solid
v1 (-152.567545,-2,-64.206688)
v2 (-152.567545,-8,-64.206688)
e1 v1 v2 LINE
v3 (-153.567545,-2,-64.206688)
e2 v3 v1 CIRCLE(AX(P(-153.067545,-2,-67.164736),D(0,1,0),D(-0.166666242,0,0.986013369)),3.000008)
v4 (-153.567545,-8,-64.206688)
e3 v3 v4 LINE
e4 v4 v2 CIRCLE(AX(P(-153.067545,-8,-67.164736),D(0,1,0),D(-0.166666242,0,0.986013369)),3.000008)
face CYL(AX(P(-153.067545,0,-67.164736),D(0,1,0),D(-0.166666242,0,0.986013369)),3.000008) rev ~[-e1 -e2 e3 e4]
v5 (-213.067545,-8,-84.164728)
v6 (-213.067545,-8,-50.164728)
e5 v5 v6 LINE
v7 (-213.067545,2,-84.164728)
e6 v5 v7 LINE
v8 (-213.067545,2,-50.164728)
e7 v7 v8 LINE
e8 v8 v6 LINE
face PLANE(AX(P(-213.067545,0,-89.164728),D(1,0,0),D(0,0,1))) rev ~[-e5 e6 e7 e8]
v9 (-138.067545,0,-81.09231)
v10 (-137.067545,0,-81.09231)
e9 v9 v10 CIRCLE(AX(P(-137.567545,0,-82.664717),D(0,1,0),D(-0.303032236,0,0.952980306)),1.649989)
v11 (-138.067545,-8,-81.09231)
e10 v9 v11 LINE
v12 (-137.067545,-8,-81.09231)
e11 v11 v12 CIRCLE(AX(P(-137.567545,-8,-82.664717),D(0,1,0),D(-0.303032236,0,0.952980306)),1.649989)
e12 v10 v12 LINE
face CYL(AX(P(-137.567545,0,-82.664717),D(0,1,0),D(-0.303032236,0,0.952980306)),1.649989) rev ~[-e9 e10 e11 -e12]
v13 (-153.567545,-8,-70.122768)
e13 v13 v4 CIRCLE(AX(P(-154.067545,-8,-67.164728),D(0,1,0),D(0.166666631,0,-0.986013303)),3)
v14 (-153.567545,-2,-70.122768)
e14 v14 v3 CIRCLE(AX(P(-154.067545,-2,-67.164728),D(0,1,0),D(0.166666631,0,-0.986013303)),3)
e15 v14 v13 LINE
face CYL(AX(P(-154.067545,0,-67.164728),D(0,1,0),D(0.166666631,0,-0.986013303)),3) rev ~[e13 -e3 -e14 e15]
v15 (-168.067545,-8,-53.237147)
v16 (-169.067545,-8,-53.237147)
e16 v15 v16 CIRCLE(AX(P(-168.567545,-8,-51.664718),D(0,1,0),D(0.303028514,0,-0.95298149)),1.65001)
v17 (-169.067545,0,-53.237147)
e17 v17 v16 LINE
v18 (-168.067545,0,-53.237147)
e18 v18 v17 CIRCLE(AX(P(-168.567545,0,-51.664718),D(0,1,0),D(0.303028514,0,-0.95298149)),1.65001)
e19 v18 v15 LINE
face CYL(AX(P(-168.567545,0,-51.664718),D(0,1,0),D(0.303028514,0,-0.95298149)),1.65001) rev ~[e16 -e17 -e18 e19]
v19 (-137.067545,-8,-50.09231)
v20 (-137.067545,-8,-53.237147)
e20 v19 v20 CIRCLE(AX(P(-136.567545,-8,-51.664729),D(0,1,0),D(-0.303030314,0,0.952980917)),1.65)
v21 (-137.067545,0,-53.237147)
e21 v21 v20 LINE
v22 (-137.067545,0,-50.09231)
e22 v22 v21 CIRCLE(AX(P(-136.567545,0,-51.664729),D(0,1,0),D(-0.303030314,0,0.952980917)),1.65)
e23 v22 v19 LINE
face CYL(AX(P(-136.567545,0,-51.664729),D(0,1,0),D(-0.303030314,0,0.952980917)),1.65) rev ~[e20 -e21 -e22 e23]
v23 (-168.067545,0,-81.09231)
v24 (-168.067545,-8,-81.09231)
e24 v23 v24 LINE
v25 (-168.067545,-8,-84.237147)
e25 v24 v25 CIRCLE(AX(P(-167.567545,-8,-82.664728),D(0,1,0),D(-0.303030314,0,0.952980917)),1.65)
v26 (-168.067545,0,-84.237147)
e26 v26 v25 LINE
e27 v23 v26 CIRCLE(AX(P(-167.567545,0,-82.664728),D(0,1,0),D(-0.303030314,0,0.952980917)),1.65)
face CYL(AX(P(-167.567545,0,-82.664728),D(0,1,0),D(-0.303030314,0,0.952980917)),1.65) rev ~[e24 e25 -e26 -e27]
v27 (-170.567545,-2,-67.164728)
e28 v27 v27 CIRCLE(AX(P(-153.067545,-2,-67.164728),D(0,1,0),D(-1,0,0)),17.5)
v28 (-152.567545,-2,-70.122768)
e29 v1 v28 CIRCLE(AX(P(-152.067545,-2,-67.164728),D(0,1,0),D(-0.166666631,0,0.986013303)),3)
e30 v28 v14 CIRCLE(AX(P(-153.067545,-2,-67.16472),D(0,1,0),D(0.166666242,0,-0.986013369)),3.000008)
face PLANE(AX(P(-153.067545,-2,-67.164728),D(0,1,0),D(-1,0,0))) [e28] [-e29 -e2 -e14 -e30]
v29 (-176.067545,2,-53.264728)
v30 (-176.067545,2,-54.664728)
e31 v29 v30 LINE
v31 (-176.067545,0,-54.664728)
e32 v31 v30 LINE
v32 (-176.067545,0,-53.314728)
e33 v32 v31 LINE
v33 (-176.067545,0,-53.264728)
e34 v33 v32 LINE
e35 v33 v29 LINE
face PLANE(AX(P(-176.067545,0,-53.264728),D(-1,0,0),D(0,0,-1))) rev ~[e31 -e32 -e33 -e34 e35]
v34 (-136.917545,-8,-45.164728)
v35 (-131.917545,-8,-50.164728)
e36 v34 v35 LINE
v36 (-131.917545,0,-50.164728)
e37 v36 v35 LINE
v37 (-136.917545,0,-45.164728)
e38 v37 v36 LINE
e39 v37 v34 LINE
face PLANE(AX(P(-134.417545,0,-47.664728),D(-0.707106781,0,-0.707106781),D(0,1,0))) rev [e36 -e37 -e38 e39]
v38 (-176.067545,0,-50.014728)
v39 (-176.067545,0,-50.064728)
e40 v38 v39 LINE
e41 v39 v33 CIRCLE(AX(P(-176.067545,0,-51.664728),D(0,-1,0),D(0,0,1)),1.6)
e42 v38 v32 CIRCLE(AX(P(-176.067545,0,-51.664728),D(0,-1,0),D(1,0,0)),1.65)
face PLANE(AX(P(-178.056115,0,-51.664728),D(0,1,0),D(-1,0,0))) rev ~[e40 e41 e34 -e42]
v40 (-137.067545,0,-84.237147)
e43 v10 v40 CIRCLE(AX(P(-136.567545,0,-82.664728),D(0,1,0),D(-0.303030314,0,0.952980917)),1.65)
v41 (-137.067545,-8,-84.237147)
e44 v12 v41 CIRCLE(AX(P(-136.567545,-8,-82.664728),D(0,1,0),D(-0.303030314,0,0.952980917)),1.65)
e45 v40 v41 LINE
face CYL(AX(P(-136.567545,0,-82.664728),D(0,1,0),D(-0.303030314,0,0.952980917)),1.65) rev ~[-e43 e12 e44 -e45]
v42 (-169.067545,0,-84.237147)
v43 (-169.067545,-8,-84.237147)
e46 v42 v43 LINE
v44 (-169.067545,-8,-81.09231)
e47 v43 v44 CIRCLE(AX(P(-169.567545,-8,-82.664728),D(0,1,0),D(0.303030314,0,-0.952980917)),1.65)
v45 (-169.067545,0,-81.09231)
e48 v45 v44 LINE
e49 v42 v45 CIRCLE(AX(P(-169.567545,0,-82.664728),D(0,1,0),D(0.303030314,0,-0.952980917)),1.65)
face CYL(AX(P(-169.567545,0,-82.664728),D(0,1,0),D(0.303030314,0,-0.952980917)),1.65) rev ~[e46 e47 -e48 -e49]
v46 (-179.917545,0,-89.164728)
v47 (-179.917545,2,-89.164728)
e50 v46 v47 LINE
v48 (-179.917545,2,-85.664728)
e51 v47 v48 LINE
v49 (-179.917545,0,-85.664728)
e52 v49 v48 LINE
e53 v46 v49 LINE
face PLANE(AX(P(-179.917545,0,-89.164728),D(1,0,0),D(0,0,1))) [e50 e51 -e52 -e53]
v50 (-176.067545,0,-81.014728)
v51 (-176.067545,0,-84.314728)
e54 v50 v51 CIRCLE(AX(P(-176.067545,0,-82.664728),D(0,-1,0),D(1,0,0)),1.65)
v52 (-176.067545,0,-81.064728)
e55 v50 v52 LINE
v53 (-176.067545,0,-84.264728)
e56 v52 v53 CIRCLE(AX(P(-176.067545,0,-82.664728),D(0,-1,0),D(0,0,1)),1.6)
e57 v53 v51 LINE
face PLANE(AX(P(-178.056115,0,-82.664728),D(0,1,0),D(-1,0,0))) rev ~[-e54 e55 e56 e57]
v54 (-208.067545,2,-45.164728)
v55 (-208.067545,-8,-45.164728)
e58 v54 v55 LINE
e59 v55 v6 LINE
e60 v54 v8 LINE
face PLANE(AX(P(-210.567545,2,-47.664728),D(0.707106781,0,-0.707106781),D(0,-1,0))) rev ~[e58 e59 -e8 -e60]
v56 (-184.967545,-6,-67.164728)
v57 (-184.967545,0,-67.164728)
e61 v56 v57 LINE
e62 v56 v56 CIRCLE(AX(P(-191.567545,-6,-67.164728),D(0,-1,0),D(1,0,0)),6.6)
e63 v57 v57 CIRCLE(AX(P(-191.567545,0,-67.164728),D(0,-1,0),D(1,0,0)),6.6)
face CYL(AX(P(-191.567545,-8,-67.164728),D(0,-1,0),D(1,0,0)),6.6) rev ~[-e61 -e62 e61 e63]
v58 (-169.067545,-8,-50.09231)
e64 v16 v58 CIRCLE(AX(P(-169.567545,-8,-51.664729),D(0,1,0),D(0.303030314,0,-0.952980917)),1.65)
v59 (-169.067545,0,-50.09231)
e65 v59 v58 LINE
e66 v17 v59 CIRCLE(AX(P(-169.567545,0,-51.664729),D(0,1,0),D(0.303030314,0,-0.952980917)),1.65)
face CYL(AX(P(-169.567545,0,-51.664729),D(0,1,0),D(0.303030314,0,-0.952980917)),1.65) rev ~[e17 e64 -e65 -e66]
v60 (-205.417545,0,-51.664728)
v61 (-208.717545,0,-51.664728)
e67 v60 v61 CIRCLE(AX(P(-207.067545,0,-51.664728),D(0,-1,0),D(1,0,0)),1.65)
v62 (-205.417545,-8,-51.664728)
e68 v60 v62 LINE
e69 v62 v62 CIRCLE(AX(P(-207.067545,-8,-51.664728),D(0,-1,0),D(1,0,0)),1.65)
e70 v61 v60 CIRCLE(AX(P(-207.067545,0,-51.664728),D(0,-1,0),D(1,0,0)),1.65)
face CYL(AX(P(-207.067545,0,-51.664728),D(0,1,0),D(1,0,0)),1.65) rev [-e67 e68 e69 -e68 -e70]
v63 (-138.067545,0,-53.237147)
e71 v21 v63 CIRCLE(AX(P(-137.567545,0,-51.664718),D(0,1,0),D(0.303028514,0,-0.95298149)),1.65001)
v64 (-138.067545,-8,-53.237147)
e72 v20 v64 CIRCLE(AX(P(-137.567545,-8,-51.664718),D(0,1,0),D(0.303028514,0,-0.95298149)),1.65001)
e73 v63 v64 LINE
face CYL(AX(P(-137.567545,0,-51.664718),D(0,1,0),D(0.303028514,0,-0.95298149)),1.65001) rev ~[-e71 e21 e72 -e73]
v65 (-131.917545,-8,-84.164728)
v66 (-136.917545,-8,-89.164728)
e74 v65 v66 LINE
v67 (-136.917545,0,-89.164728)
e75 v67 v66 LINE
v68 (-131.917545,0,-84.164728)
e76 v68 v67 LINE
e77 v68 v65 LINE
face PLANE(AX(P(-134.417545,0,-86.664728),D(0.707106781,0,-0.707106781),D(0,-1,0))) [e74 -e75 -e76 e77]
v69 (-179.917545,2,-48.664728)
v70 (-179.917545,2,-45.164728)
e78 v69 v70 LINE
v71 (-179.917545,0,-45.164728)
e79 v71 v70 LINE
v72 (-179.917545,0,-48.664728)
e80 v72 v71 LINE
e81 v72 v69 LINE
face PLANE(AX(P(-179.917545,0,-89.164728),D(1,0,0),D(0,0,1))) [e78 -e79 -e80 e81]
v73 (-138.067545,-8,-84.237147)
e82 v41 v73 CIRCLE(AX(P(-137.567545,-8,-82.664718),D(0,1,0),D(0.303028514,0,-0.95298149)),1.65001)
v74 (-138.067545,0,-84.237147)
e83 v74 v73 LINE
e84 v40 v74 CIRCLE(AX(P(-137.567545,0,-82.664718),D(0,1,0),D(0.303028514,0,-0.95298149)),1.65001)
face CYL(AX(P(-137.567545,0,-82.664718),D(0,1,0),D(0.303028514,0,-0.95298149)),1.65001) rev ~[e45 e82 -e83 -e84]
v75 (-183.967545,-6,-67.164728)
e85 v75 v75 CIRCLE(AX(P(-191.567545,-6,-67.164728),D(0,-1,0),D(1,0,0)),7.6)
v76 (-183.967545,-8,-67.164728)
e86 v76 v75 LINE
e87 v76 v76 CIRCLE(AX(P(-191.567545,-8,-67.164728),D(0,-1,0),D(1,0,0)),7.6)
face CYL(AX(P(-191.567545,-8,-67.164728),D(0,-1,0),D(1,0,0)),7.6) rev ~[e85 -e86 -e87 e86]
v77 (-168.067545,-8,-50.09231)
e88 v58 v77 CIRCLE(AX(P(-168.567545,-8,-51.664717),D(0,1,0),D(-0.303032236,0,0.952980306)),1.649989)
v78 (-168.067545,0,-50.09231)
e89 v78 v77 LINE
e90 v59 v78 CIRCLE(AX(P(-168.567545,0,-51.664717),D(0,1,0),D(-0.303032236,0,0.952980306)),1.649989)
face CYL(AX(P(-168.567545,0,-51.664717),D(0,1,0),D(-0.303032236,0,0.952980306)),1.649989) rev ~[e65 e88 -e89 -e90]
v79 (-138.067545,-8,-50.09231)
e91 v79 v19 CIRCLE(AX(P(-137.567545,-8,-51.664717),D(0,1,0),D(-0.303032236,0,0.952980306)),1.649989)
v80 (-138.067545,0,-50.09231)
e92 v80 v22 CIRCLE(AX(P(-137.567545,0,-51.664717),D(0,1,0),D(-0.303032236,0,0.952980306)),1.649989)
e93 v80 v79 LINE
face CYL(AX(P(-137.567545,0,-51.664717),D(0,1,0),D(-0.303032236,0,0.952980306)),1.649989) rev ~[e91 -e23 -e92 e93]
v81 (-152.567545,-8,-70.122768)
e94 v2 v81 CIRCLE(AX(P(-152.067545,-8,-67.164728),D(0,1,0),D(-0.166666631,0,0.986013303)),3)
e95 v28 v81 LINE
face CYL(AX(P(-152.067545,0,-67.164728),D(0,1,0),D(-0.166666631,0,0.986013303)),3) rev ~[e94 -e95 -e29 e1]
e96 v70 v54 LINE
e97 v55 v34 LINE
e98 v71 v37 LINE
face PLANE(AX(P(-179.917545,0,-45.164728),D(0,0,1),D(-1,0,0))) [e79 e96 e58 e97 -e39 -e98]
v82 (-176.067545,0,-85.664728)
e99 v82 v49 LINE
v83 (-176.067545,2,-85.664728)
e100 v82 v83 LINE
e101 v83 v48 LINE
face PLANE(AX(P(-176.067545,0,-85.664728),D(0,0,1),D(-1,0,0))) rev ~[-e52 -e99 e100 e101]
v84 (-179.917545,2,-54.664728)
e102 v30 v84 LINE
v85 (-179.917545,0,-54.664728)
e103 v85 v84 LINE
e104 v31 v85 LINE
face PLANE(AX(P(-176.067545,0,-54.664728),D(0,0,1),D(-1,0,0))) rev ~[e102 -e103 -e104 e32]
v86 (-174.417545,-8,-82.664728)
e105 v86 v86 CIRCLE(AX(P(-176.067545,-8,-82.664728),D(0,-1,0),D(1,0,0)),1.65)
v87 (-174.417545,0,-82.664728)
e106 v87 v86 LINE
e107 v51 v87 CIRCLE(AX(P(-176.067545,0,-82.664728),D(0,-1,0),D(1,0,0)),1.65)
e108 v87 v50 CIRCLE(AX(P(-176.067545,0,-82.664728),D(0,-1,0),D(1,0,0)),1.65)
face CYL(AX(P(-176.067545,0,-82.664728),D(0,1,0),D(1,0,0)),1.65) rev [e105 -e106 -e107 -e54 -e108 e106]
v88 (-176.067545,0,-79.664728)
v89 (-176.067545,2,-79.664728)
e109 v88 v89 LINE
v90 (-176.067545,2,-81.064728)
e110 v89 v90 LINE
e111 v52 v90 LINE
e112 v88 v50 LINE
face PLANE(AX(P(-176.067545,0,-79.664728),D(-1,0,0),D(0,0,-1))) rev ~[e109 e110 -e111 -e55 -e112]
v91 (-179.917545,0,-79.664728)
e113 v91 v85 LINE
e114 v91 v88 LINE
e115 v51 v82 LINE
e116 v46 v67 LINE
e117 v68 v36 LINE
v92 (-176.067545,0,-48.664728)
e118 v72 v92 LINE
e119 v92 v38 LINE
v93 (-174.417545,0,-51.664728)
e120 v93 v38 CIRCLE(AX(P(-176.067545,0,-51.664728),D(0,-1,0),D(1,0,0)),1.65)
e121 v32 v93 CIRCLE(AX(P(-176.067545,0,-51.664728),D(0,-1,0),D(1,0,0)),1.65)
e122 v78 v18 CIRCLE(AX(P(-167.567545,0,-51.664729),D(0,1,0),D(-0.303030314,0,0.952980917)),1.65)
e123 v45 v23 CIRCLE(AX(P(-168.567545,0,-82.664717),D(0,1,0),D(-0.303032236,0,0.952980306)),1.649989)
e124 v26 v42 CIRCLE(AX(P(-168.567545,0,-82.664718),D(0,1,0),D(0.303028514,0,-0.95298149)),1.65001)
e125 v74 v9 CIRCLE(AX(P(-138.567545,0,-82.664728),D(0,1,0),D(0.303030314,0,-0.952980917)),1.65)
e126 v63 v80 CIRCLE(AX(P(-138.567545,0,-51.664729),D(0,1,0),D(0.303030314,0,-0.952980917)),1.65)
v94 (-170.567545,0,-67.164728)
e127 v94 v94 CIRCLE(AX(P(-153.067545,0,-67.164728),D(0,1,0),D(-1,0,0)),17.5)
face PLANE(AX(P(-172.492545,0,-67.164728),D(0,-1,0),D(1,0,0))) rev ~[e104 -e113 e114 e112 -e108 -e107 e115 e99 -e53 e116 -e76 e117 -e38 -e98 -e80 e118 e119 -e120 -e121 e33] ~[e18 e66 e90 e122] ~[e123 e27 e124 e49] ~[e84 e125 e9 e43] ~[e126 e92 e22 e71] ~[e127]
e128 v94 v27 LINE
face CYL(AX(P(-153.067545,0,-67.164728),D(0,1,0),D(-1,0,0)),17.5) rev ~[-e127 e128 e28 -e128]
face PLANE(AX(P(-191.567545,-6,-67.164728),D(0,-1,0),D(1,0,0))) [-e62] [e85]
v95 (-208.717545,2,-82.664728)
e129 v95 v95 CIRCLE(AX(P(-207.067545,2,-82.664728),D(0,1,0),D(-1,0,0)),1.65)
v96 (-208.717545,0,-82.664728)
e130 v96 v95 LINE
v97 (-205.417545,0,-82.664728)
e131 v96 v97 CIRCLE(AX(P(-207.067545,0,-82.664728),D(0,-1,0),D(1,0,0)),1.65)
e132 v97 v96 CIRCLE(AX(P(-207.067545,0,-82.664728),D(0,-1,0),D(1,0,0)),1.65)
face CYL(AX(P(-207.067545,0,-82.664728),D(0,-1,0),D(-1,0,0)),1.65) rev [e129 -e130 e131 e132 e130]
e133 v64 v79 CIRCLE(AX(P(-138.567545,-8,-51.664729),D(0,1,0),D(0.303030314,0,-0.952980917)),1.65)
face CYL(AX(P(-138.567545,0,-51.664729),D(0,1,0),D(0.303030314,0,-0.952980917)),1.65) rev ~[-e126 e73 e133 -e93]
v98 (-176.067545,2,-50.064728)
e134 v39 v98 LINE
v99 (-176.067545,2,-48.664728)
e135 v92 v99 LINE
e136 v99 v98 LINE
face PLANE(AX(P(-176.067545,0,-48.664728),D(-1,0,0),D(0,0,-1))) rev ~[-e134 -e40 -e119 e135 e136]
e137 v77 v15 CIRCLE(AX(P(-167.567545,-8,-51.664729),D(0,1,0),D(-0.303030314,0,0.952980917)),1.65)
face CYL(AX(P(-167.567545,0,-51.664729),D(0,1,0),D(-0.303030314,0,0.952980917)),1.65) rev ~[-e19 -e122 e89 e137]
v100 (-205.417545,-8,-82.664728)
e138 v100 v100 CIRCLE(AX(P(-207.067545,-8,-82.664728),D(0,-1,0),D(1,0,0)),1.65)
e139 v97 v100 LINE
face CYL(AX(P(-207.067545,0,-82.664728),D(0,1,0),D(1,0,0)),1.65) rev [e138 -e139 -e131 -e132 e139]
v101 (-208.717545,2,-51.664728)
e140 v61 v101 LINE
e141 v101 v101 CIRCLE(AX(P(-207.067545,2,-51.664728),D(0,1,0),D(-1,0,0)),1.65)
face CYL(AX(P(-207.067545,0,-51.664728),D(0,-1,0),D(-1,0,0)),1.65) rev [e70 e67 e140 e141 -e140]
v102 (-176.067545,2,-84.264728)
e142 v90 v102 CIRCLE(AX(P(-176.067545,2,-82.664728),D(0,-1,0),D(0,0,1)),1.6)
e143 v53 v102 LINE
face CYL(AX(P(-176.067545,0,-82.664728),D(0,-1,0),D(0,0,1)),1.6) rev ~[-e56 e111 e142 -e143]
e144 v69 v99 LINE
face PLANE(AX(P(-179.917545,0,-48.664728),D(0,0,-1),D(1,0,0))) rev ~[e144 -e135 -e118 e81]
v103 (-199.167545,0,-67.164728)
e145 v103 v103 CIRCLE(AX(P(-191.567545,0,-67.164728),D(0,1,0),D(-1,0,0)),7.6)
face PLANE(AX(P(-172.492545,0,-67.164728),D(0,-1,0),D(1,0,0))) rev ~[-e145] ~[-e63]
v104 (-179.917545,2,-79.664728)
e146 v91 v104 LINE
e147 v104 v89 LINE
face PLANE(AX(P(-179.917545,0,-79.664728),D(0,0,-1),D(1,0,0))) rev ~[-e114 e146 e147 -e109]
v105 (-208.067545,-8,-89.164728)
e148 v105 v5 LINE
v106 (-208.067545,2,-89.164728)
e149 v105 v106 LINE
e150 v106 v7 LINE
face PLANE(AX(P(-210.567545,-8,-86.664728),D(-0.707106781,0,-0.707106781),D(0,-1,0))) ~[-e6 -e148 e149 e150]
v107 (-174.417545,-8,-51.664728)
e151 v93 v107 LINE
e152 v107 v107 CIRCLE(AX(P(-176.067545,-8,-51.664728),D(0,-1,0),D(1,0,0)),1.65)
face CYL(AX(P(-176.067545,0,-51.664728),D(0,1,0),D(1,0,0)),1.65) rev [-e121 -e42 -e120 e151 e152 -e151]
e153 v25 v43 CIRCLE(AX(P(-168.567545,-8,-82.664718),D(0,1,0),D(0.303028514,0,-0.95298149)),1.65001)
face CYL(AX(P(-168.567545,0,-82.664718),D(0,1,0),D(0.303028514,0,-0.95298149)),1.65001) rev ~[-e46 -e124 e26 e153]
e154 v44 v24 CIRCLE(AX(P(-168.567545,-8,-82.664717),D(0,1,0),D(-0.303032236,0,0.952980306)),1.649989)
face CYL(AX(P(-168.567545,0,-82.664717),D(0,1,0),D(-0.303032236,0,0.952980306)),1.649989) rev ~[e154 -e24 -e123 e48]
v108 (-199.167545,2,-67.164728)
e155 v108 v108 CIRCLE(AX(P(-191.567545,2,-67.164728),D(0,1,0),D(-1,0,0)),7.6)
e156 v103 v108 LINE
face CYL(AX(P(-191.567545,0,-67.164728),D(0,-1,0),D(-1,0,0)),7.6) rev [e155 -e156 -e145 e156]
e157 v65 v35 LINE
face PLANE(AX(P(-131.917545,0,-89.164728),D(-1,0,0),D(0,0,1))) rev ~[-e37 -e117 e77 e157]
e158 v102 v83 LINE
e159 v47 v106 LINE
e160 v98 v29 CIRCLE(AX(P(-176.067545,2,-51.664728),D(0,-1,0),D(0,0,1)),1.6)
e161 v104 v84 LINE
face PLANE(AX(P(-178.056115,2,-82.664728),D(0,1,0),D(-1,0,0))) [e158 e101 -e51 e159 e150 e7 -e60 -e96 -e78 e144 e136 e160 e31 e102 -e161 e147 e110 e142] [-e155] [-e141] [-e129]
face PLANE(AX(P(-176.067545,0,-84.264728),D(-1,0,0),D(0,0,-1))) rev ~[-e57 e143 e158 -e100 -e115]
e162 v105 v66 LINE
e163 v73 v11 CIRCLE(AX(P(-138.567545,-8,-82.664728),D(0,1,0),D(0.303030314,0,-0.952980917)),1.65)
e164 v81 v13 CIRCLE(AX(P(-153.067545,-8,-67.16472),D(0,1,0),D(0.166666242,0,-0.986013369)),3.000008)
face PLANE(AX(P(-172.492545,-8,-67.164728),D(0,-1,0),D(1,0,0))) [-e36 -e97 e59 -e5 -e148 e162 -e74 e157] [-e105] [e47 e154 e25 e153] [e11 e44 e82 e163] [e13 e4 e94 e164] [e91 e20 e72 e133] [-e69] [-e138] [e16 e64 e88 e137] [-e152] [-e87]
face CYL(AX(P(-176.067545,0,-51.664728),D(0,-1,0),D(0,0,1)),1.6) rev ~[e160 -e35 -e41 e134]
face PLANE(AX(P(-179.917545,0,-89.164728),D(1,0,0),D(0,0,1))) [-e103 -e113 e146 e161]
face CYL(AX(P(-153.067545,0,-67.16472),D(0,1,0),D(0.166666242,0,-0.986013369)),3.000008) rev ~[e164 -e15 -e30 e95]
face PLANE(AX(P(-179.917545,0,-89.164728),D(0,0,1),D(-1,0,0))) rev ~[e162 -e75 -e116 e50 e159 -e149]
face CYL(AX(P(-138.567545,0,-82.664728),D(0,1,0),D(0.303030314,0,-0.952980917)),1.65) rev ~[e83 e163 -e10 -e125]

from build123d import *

# Parameters (mm, degrees)
F0_W      = 81.15
F0_H      = 44
F0_R      = 1.65
F0_R_2    = 3
F1_DEPTH  = 8
F2_R      = 17.5
F3_DEPTH  = 2
F4_W      = 33.15
F4_H      = 44
F4_R      = 1.65
F4_R_2    = 7.6
F5_DEPTH  = 2
F6_R      = 6.5
F7_DEPTH  = 3
F8_R      = 7.6
F9_DEPTH  = 2
F10_R     = 6.6
F11_DEPTH = 10
F13_DEPTH = 2
F14_SIZE  = 5


with BuildPart() as f1:
    # F0 (on Front) → F1 (new body)
    with BuildSketch(Plane.XZ):
        with Locations((-172.492545, -67.164728)):
            Rectangle(F0_W, F0_H)
        with Locations((-207.067545, -82.664728)):
            Circle(F0_R, mode=Mode.SUBTRACT)
        with Locations((-176.067545, -82.664728)):
            Circle(F0_R, mode=Mode.SUBTRACT)
        with Locations((-191.567545, -67.164728)):
            Circle(F0_R_2, mode=Mode.SUBTRACT)
        with BuildLine():
            ThreePointArc((-168.067545, -84.237147), (-168.567545, -84.314728), (-169.067545, -84.237147))
            ThreePointArc((-169.067545, -84.237147), (-171.217545, -82.664728), (-169.067545, -81.09231))
            ThreePointArc((-169.067545, -81.09231), (-168.567545, -81.014728), (-168.067545, -81.09231))
            ThreePointArc((-168.067545, -81.09231), (-165.917545, -82.664728), (-168.067545, -84.237147))
        make_face(mode=Mode.SUBTRACT)
        with BuildLine():
            ThreePointArc((-137.067545, -84.237147), (-137.567545, -84.314728), (-138.067545, -84.237147))
            ThreePointArc((-138.067545, -84.237147), (-140.217545, -82.664728), (-138.067545, -81.09231))
            ThreePointArc((-138.067545, -81.09231), (-137.567545, -81.014728), (-137.067545, -81.09231))
            ThreePointArc((-137.067545, -81.09231), (-134.917545, -82.664728), (-137.067545, -84.237147))
        make_face(mode=Mode.SUBTRACT)
        with BuildLine():
            ThreePointArc((-152.567545, -70.122768), (-153.067545, -70.164728), (-153.567545, -70.122768))
            ThreePointArc((-153.567545, -70.122768), (-157.067545, -67.164728), (-153.567545, -64.206688))
            ThreePointArc((-153.567545, -64.206688), (-153.067545, -64.164728), (-152.567545, -64.206688))
            ThreePointArc((-152.567545, -64.206688), (-149.067545, -67.164728), (-152.567545, -70.122768))
        make_face(mode=Mode.SUBTRACT)
        with Locations((-207.067545, -51.664728)):
            Circle(F0_R, mode=Mode.SUBTRACT)
        with Locations((-176.067545, -51.664728)):
            Circle(F0_R, mode=Mode.SUBTRACT)
        with BuildLine():
            ThreePointArc((-168.067545, -53.237147), (-168.567545, -53.314728), (-169.067545, -53.237147))
            ThreePointArc((-169.067545, -53.237147), (-171.217545, -51.664728), (-169.067545, -50.09231))
            ThreePointArc((-169.067545, -50.09231), (-168.567545, -50.014728), (-168.067545, -50.09231))
            ThreePointArc((-168.067545, -50.09231), (-165.917545, -51.664728), (-168.067545, -53.237147))
        make_face(mode=Mode.SUBTRACT)
        with BuildLine():
            ThreePointArc((-137.067545, -53.237147), (-137.567545, -53.314728), (-138.067545, -53.237147))
            ThreePointArc((-138.067545, -53.237147), (-140.217545, -51.664728), (-138.067545, -50.09231))
            ThreePointArc((-138.067545, -50.09231), (-137.567545, -50.014728), (-137.067545, -50.09231))
            ThreePointArc((-137.067545, -50.09231), (-134.917545, -51.664728), (-137.067545, -53.237147))
        make_face(mode=Mode.SUBTRACT)
    extrude(amount=F1_DEPTH)

    # F2 (on face) → F3 (cut)
    with BuildSketch(Plane(origin=(0, 0, 0), x_dir=(-1, 0, 0), z_dir=(0, 1, 0))):
        with Locations((153.067545, -67.164728)):
            Circle(F2_R)
    extrude(amount=-F3_DEPTH, mode=Mode.SUBTRACT)

    # F4 (on face) → F5 (join)
    with BuildSketch(Plane(origin=(0, 0, 0), x_dir=(-1, 0, 0), z_dir=(0, 1, 0))):
        with Locations((196.492545, -67.164728)):
            Rectangle(F4_W, F4_H)
        with Locations((207.067545, -82.664728)):
            Circle(F4_R, mode=Mode.SUBTRACT)
        with Locations((191.567545, -67.164728)):
            Circle(F4_R_2, mode=Mode.SUBTRACT)
        with Locations((207.067545, -51.664728)):
            Circle(F4_R, mode=Mode.SUBTRACT)
    extrude(amount=F5_DEPTH)

    # F6 (on face) → F7 (cut)
    with BuildSketch(Plane(origin=(0, 2, 0), x_dir=(-1, 0, 0), z_dir=(0, 1, 0))):
        with Locations((191.567545, -67.164728)):
            Circle(F6_R)
    extrude(amount=-F7_DEPTH, mode=Mode.SUBTRACT)

    # F8 (on face) → F9 (cut)
    with BuildSketch(Plane.XZ.offset(8)):
        with Locations((-191.567545, -67.164728)):
            Circle(F8_R)
    extrude(amount=-F9_DEPTH, mode=Mode.SUBTRACT)

    # F10 (on face) → F11 (cut)
    with BuildSketch(Plane.XZ.offset(8)):
        with Locations((-191.567545, -67.164728)):
            Circle(F10_R)
    extrude(amount=-F11_DEPTH, mode=Mode.SUBTRACT)

    # F12 (on face) → F13 (join)
    with BuildSketch(Plane(origin=(0, 0, 0), x_dir=(-1, 0, 0), z_dir=(0, 1, 0))):
        with BuildLine():
            ThreePointArc((176.067545, -81.064728), (177.667545, -82.664728), (176.067545, -84.264728))
            Line((176.067545, -84.264728), (176.067545, -85.664728))
            Line((176.067545, -85.664728), (179.917545, -85.664728))
            Line((179.917545, -85.664728), (179.917545, -79.664728))
            Line((179.917545, -79.664728), (176.067545, -79.664728))
            Line((176.067545, -79.664728), (176.067545, -81.064728))
        make_face()
        with BuildLine():
            Line((176.067545, -53.264728), (176.067545, -54.664728))
            Line((176.067545, -54.664728), (179.917545, -54.664728))
            Line((179.917545, -54.664728), (179.917545, -48.664728))
            Line((179.917545, -48.664728), (176.067545, -48.664728))
            Line((176.067545, -48.664728), (176.067545, -50.064728))
            ThreePointArc((176.067545, -50.064728), (177.667545, -51.664728), (176.067545, -53.264728))
        make_face()
    extrude(amount=F13_DEPTH)

    # F14
    f14_edges = [f1.edges().sort_by_distance(p)[0] for p in [
        (-213.067545, -3, -89.164728),
        (-213.067545, -3, -45.164728),
        (-131.917545, -4, -89.164728),
        (-131.917545, -4, -45.164728),
    ]]
    chamfer(f14_edges, length=F14_SIZE)


solid = f1.part
